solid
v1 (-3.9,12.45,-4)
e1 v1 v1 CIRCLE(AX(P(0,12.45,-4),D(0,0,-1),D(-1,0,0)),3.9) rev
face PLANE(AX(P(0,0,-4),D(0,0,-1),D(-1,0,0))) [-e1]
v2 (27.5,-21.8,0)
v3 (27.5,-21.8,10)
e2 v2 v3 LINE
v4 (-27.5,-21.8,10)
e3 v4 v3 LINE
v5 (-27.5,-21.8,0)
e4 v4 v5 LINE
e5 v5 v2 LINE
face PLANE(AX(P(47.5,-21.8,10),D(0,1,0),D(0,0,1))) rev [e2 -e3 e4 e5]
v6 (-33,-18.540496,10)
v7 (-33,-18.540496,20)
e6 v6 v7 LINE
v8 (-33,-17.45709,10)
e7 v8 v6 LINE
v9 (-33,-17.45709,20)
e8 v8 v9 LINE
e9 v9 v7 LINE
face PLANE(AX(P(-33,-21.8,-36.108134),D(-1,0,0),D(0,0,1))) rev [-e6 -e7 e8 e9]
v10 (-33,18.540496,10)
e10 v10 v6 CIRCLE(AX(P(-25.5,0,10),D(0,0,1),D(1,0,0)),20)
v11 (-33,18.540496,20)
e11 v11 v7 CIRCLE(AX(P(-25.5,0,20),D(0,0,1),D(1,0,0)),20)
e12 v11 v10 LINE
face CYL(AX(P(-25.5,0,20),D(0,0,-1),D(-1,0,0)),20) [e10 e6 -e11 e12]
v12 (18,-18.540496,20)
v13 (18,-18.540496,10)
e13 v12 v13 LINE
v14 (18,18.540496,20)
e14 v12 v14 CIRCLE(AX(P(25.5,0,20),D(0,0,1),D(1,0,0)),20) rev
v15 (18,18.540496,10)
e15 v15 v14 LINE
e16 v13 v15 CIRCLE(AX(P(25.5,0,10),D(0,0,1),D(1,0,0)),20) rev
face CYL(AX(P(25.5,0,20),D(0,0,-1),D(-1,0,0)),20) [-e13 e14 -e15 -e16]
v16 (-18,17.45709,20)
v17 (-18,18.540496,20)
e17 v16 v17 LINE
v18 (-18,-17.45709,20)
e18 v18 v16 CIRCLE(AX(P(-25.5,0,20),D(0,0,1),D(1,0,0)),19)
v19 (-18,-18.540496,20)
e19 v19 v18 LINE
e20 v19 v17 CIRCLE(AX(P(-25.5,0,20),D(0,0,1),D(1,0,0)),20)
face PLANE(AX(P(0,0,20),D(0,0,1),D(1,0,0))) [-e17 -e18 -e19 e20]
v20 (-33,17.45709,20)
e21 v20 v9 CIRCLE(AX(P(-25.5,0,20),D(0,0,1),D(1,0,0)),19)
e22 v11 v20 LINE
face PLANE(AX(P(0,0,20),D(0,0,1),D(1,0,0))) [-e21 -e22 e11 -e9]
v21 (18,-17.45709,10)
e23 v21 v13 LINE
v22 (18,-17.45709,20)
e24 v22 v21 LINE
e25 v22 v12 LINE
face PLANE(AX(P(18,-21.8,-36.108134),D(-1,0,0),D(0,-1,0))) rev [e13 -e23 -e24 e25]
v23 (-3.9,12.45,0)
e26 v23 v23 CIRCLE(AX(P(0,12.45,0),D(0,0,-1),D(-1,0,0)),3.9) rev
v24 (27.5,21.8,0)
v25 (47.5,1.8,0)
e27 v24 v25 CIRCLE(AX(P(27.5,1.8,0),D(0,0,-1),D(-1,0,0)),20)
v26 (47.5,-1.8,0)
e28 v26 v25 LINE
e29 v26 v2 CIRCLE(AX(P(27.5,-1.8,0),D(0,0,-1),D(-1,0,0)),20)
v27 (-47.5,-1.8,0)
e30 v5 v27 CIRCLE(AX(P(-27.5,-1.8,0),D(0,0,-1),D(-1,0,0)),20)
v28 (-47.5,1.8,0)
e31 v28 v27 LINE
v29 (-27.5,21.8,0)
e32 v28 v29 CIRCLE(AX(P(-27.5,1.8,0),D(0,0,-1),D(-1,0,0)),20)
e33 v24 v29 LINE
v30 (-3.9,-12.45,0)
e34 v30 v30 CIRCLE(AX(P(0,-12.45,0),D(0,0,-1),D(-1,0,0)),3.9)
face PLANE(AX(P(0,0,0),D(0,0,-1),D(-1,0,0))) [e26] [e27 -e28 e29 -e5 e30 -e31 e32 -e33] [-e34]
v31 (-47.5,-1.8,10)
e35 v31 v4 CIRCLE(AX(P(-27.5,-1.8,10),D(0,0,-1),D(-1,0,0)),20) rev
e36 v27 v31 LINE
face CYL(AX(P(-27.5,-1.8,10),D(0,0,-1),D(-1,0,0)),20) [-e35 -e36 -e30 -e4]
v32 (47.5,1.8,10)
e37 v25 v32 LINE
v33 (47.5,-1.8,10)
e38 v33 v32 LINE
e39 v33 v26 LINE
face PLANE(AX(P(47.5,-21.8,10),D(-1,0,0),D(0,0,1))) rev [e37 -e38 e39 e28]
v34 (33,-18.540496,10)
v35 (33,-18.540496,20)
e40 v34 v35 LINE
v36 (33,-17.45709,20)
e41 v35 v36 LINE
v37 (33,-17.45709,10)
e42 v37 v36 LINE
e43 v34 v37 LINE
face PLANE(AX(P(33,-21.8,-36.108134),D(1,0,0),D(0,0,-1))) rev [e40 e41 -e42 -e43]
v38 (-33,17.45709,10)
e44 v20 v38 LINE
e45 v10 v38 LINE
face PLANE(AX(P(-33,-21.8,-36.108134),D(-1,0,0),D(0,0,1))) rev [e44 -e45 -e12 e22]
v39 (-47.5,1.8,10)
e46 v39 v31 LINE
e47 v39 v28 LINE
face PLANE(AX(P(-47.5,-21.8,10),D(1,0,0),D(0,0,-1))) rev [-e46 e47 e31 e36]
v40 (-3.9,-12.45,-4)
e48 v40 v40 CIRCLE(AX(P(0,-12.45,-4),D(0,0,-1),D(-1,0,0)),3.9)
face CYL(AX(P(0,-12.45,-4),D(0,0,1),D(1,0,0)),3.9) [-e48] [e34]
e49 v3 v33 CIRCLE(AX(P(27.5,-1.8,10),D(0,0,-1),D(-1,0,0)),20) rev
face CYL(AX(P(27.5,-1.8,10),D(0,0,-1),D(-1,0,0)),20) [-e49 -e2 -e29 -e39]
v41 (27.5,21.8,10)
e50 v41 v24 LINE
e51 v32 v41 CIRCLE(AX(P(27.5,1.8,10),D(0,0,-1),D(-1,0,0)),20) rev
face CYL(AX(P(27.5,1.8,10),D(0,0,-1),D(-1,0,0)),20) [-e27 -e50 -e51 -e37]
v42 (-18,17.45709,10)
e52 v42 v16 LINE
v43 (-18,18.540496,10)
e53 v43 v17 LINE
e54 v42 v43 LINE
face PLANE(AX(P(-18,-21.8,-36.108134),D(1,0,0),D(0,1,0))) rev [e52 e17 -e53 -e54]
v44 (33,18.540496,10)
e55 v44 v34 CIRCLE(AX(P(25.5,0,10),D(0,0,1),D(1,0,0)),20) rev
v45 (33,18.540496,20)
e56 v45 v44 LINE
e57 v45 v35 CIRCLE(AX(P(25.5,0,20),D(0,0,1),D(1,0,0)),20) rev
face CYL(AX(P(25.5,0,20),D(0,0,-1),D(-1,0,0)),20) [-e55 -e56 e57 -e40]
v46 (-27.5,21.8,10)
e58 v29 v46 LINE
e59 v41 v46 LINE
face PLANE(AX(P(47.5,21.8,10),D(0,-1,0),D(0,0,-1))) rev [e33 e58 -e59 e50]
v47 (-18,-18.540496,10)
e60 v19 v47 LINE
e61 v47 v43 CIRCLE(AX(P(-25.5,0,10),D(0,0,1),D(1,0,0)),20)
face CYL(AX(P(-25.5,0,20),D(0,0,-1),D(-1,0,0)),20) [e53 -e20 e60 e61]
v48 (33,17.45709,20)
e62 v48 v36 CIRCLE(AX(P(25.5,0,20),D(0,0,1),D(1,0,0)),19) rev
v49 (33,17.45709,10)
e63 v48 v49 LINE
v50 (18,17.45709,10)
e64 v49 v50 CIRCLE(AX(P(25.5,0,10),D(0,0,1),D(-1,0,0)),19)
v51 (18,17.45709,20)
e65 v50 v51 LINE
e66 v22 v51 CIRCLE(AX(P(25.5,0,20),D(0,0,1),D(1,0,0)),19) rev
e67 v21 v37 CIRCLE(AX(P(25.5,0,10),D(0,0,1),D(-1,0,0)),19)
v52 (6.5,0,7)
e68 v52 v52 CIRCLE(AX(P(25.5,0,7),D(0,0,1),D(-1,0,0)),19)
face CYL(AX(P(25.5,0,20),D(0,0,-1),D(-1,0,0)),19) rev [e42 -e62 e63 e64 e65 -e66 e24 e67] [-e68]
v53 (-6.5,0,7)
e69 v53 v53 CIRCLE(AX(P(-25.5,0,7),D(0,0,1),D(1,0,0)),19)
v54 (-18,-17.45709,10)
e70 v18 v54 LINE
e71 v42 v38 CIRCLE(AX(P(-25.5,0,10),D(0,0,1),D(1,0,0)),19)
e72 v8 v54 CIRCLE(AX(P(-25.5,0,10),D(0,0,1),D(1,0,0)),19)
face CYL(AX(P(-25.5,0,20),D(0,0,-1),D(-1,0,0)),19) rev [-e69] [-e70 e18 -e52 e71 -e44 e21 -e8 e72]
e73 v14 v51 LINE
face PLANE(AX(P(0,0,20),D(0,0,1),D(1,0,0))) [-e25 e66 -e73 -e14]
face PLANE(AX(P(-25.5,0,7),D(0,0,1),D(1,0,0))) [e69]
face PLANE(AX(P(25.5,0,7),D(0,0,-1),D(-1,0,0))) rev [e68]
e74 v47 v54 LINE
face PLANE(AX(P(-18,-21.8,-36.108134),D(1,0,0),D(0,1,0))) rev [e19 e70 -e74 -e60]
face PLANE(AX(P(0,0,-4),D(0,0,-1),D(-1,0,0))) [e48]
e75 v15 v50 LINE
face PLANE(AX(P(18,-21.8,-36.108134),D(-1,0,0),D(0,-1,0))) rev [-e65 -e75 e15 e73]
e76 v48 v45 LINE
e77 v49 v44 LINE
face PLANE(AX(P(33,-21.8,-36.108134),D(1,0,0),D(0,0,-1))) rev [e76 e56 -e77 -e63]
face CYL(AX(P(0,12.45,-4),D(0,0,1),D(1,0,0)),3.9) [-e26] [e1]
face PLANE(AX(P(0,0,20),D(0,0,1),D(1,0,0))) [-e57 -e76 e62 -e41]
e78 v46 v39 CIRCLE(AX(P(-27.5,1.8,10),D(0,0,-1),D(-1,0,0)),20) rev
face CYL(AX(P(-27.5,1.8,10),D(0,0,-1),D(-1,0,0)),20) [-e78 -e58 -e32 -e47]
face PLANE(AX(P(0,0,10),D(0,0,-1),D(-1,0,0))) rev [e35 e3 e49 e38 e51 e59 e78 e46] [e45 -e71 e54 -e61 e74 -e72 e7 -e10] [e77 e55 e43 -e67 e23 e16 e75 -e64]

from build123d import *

# Parameters (mm, degrees)
SKETCH1_W           = 43.6
SKETCH1_H           = 95
BOSS_EXTRUDE1_DEPTH = 10
SKETCH2_R           = 3.9
BOSS_EXTRUDE2_DEPTH = 4
SKETCH5_R           = 20
SKETCH5_R_2         = 19
BOSS_EXTRUDE4_DEPTH = 10
SKETCH6_W           = 15
SKETCH6_H           = 43.6
CUT_EXTRUDE1_DEPTH  = 10
FILLET1_R           = 20
CUT_EXTRUDE2_START  = -3
SKETCH7_R           = 19
CUT_EXTRUDE2_DEPTH  = 3


with BuildPart() as part:
    # Sketch1 → Boss-Extrude1 (new body)
    with BuildSketch(Plane(origin=(0, 0, 0), x_dir=(0, 1, 0), z_dir=(0, 0, 1))):
        Rectangle(SKETCH1_W, SKETCH1_H)
    extrude(amount=BOSS_EXTRUDE1_DEPTH)

    # Sketch2 → Boss-Extrude2 (add)
    with BuildSketch(Plane(origin=(0, 0, 0), x_dir=(1, 0, 0), z_dir=(0, 0, -1))):
        with Locations(Location((0, 12.45, 0), (0, 0, 180))):
            Circle(SKETCH2_R)
        with Locations(Location((0, -12.45, 0), (0, 0, 180))):
            Circle(SKETCH2_R)
    extrude(amount=BOSS_EXTRUDE2_DEPTH)

    # Sketch5 → Boss-Extrude4 (add)
    # profile 1 of 2: a face of its own
    with BuildSketch(Plane.XY.offset(10)):
        with Locations((-25.5, 0)):
            Circle(SKETCH5_R)
        with Locations((-25.5, 0)):
            Circle(SKETCH5_R_2, mode=Mode.SUBTRACT)
    # profile 2 of 2: a face of its own
    with BuildSketch(Plane.XY.offset(10)):
        with Locations((25.5, 0)):
            Circle(SKETCH5_R)
        with Locations((25.5, 0)):
            Circle(SKETCH5_R_2, mode=Mode.SUBTRACT)
    extrude(amount=BOSS_EXTRUDE4_DEPTH)

    # Sketch6 → Cut-Extrude1 (cut)
    with BuildSketch(Plane.XY.offset(20)):
        with Locations((-25.5, 0)):
            Rectangle(SKETCH6_W, SKETCH6_H)
        with Locations((25.5, 0)):
            Rectangle(SKETCH6_W, SKETCH6_H)
    extrude(amount=-CUT_EXTRUDE1_DEPTH, mode=Mode.SUBTRACT)

    # Fillet1
    fillet1_edges = [part.edges().sort_by_distance(p)[0] for p in [
        (47.5, 21.8, 5),
        (47.5, -21.8, 5),
        (-47.5, -21.8, 5),
        (-47.5, 21.8, 5),
    ]]
    fillet(fillet1_edges, radius=FILLET1_R)

    # Sketch7 → Cut-Extrude2 (cut)
    with BuildSketch(Plane.XY.offset(10).offset(CUT_EXTRUDE2_START)):
        with Locations(Location((-25.5, 0, 0), (0, 0, 246.750437409))):
            Circle(SKETCH7_R)
        with Locations(Location((25.5, 0, 0), (0, 0, 180))):
            Circle(SKETCH7_R)
    extrude(amount=CUT_EXTRUDE2_DEPTH, mode=Mode.SUBTRACT)


solid = part.part
